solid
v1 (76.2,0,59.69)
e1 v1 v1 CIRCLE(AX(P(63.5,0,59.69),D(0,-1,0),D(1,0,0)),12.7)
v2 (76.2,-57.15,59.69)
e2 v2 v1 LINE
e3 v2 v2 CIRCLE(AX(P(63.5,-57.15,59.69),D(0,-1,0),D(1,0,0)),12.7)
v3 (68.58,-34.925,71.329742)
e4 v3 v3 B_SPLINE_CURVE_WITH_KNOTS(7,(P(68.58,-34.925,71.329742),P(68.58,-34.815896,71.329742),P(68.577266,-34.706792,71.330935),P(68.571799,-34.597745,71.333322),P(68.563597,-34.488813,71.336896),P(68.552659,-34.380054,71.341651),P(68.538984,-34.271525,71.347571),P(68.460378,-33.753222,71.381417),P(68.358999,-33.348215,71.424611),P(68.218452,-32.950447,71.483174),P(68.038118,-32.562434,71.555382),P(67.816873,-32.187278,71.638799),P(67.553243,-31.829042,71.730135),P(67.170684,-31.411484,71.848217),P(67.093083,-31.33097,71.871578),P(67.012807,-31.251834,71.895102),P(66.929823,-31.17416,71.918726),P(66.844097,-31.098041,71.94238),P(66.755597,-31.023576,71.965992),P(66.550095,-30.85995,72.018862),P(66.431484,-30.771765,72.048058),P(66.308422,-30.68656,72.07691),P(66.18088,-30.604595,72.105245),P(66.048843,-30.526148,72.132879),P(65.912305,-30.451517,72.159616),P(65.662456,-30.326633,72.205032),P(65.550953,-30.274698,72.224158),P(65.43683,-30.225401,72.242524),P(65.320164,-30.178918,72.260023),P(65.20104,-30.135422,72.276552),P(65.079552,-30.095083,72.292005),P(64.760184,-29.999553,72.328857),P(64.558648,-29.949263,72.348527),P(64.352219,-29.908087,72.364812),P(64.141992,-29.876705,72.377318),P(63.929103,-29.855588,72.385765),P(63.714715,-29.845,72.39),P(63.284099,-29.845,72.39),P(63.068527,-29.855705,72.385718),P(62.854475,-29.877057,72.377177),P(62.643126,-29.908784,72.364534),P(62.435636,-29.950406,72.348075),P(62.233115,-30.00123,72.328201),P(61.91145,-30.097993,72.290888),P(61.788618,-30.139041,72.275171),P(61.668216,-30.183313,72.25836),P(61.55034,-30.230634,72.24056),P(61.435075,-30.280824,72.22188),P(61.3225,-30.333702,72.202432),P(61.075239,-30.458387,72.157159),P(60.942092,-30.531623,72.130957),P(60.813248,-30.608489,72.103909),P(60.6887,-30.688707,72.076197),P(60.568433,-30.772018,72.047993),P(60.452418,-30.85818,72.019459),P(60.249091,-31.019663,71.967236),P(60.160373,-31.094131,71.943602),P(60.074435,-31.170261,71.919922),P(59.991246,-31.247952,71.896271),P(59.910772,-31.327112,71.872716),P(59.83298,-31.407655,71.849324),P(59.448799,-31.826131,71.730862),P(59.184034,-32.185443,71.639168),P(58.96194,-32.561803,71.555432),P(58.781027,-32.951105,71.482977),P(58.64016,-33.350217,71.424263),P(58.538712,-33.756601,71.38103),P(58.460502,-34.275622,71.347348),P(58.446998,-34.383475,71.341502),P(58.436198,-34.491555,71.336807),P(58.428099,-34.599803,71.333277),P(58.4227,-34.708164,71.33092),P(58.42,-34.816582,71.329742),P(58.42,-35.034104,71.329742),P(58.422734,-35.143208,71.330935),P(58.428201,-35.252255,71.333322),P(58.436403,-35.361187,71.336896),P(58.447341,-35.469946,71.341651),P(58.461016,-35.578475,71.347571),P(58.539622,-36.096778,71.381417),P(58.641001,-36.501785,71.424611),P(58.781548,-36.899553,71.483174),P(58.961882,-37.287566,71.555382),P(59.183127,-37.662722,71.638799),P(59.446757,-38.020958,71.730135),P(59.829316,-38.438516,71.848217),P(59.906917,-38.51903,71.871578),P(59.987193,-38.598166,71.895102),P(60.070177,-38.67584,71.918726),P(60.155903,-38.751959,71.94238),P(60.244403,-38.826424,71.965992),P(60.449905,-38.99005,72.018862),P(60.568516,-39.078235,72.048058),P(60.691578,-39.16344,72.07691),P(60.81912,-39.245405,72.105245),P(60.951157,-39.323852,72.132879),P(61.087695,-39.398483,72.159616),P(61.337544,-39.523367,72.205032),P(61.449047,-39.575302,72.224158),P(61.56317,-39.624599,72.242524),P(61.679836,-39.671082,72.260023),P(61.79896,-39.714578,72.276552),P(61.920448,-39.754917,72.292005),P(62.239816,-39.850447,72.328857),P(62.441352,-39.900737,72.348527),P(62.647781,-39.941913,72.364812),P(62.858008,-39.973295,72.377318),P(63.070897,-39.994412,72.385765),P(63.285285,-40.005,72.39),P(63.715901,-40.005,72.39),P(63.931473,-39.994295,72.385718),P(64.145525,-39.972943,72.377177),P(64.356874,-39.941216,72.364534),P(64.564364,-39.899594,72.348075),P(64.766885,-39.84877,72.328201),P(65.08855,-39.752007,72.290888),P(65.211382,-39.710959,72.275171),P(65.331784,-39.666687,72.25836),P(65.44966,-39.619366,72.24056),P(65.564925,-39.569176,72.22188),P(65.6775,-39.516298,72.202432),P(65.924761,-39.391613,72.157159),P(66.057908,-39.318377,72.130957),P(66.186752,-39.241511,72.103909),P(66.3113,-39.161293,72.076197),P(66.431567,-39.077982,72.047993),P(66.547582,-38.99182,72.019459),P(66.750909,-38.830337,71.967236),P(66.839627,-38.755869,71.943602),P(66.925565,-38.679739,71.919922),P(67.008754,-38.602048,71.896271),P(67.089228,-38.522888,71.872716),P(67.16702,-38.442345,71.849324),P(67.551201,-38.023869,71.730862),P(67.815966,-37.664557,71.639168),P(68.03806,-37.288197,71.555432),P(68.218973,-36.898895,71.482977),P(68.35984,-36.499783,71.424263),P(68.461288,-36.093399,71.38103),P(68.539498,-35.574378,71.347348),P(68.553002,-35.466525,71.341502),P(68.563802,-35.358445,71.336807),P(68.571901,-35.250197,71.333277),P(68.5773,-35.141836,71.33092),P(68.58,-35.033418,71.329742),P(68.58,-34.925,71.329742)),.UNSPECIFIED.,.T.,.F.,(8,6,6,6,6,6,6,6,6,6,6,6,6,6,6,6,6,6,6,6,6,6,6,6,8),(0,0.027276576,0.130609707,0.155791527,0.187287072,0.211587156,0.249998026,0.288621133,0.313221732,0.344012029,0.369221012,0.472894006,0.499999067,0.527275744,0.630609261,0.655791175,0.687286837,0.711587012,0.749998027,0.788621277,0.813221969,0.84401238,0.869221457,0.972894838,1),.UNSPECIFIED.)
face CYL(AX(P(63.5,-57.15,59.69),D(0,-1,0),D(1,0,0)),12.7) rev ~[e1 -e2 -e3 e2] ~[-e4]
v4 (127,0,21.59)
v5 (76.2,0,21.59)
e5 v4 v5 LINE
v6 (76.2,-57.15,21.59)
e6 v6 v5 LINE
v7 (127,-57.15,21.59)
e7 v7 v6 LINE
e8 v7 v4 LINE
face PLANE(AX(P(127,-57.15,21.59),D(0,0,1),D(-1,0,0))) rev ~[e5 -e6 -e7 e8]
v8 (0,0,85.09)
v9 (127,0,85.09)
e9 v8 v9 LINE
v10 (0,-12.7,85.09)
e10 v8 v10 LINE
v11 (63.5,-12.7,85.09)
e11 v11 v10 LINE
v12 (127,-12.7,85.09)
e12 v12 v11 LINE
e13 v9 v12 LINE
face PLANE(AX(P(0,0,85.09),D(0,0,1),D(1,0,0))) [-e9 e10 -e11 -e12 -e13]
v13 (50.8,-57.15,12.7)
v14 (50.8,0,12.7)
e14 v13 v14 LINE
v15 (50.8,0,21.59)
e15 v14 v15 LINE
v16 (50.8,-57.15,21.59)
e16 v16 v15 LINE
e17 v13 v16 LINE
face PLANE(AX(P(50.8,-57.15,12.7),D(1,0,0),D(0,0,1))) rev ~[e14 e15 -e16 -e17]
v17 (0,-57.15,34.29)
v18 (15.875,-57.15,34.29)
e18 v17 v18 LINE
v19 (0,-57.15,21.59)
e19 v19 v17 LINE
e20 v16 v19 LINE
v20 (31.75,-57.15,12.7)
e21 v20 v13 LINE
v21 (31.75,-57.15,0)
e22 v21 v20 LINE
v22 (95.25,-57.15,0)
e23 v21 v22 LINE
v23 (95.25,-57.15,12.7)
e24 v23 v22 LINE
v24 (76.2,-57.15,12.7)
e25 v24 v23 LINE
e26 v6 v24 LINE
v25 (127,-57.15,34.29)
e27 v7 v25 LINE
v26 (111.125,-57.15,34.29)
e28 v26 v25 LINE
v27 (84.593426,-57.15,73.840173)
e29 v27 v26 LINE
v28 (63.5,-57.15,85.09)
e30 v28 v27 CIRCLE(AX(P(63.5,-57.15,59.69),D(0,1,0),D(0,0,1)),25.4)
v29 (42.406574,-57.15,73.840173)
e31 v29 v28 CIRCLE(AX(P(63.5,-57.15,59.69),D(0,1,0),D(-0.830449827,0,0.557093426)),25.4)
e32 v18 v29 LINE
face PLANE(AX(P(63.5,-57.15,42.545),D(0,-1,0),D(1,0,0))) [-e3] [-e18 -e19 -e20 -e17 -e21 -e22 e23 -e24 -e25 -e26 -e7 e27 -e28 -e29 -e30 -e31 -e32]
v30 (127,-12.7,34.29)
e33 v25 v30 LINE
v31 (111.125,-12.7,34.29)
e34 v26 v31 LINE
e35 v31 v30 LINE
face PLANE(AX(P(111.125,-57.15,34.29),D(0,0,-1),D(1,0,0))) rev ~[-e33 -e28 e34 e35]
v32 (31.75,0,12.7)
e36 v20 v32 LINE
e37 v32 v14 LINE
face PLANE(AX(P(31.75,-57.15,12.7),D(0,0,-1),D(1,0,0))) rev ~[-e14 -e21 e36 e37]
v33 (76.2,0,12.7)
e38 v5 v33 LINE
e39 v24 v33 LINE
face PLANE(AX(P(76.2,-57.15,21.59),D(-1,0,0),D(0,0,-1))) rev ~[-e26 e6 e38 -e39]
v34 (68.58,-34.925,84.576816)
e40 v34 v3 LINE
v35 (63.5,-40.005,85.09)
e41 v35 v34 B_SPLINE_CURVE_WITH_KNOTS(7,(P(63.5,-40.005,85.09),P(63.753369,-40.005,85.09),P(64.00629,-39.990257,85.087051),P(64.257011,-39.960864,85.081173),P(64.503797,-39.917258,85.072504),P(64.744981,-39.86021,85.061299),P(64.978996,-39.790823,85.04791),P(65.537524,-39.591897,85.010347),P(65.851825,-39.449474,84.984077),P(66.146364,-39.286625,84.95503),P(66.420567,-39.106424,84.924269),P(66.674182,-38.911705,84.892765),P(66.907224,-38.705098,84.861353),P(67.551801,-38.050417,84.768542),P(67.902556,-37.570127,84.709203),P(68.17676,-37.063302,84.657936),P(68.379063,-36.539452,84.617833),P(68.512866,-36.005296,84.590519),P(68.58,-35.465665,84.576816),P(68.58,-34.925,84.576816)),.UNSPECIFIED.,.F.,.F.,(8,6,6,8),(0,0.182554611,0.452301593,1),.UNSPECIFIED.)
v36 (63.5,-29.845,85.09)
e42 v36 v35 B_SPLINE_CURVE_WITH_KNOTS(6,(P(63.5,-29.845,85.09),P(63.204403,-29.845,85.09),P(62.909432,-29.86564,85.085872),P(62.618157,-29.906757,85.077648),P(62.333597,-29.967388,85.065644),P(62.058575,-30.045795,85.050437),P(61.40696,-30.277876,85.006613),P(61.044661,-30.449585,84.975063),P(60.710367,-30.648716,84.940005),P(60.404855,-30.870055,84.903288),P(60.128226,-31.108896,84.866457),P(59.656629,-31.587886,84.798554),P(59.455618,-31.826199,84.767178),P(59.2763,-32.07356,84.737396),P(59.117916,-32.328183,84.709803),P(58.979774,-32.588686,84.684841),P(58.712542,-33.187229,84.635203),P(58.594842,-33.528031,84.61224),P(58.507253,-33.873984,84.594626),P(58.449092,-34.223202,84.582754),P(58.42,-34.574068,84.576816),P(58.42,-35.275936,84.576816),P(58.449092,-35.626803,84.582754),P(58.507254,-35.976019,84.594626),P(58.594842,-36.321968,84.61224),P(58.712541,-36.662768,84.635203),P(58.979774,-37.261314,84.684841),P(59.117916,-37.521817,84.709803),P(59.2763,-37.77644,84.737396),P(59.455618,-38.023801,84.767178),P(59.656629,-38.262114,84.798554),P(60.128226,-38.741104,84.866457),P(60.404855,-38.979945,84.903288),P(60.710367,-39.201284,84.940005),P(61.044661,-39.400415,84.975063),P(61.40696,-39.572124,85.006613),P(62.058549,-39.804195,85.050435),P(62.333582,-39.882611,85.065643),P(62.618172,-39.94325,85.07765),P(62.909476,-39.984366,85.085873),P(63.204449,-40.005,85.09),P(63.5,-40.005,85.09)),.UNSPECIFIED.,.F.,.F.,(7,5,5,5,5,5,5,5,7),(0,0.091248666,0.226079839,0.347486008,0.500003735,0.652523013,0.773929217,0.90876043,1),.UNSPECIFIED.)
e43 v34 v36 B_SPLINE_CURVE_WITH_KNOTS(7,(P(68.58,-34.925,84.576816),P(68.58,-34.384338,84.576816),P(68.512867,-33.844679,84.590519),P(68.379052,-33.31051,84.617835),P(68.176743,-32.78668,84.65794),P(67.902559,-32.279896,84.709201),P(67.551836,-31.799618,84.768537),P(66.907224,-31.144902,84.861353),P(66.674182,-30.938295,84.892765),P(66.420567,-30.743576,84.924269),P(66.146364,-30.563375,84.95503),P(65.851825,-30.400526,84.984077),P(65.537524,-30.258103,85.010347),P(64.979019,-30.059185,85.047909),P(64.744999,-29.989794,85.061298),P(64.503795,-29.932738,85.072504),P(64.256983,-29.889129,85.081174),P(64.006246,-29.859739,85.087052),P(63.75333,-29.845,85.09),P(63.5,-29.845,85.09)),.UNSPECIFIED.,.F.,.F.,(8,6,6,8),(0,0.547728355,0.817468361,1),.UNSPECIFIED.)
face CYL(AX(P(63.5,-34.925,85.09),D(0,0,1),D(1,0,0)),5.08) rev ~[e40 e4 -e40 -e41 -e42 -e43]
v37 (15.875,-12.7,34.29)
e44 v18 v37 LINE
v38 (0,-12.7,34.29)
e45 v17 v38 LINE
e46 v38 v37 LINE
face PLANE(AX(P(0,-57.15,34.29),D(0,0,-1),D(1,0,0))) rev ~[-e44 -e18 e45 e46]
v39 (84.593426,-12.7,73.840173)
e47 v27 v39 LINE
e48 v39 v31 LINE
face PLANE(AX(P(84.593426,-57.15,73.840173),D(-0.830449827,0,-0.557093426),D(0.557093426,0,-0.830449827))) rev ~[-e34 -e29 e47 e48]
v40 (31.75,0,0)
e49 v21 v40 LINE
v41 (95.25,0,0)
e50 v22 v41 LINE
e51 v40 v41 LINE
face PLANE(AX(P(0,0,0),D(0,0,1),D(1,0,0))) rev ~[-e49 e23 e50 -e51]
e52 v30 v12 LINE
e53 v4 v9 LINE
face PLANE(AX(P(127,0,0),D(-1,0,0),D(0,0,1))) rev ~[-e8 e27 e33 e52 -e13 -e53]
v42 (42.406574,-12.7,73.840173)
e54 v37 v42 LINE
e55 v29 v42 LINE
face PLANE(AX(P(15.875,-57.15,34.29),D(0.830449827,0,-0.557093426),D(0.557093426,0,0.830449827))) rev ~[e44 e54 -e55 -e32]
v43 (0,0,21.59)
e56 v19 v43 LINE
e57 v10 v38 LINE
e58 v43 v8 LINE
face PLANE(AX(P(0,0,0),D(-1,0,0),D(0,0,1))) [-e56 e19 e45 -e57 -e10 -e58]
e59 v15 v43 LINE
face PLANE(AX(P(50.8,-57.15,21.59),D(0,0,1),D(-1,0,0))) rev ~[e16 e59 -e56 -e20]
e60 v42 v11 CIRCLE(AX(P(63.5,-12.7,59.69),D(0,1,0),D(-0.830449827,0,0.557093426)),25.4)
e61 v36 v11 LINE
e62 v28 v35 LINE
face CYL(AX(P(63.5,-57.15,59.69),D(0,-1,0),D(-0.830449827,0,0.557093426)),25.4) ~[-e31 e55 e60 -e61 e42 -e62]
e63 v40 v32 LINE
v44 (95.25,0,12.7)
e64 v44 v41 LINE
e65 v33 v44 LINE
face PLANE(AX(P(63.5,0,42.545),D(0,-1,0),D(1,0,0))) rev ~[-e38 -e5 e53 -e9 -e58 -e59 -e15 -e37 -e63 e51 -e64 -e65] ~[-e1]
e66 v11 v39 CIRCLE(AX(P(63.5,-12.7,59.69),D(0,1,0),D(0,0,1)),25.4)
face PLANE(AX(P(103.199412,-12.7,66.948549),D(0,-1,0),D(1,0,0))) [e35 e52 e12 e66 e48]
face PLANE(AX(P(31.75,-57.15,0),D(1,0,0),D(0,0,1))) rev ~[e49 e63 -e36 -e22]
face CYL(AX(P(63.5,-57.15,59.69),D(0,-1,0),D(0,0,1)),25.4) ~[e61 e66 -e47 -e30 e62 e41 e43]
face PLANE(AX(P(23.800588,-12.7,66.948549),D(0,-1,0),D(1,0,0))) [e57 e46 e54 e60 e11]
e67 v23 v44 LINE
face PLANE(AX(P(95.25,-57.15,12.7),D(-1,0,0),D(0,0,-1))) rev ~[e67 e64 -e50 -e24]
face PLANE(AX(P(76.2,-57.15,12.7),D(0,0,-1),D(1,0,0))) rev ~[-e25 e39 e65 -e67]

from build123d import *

# Parameters (mm, degrees)
F0_W     = 127
F0_H     = 85.09
F1_DEPTH = 57.15
F2_R     = 12.7
F3_DEPTH = 57.151
F4_DEPTH = 44.45
F5_R     = 5.08
F6_DEPTH = 13.7612578348


with BuildPart() as f1:
    # F0 (on Front) → F1 (new body)
    with BuildSketch(Plane.XZ):
        with Locations((63.5, 42.545)):
            Rectangle(F0_W, F0_H)
    extrude(amount=F1_DEPTH)

    # F2 (on face) → F3 (cut, through all)
    with BuildSketch(Plane.XZ.offset(57.15)):
        Polygon((0, 0), (31.75, 0), (31.75, 12.7), (50.8, 12.7), (50.8, 21.59), (0, 21.59), align=None)
        Polygon((95.25, 12.7), (95.25, 0), (127, 0), (127, 21.59), (76.2, 21.59), (76.2, 12.7), align=None)
        with Locations((63.5, 59.69)):
            Circle(F2_R)
    extrude(amount=-F3_DEPTH, mode=Mode.SUBTRACT)

    # F2 (on face) → F4 (cut)
    with BuildSketch(Plane.XZ.offset(57.15)):
        with BuildLine():
            Line((111.125, 34.29), (127, 34.29))
            Line((127, 34.29), (127, 85.09))
            Line((127, 85.09), (63.5, 85.09))
            ThreePointArc((63.5, 85.09), (75.4529411765, 82.1017647059), (84.5934256055, 73.8401730104))
            Line((84.5934256055, 73.8401730104), (111.125, 34.29))
        make_face()
        with BuildLine():
            Line((0, 85.09), (0, 34.29))
            Line((0, 34.29), (15.875, 34.29))
            Line((15.875, 34.29), (42.4065743945, 73.8401730104))
            ThreePointArc((42.4065743945, 73.8401730104), (51.5470588235, 82.1017647059), (63.5, 85.09))
            Line((63.5, 85.09), (0, 85.09))
        make_face()
    extrude(amount=-F4_DEPTH, mode=Mode.SUBTRACT)

    # F5 (on face) → F6 (cut, through all)
    with BuildSketch(Plane.XY.offset(85.09)):
        with Locations((63.5, -34.925)):
            Circle(F5_R)
    extrude(amount=-F6_DEPTH, mode=Mode.SUBTRACT)


solid = f1.part
